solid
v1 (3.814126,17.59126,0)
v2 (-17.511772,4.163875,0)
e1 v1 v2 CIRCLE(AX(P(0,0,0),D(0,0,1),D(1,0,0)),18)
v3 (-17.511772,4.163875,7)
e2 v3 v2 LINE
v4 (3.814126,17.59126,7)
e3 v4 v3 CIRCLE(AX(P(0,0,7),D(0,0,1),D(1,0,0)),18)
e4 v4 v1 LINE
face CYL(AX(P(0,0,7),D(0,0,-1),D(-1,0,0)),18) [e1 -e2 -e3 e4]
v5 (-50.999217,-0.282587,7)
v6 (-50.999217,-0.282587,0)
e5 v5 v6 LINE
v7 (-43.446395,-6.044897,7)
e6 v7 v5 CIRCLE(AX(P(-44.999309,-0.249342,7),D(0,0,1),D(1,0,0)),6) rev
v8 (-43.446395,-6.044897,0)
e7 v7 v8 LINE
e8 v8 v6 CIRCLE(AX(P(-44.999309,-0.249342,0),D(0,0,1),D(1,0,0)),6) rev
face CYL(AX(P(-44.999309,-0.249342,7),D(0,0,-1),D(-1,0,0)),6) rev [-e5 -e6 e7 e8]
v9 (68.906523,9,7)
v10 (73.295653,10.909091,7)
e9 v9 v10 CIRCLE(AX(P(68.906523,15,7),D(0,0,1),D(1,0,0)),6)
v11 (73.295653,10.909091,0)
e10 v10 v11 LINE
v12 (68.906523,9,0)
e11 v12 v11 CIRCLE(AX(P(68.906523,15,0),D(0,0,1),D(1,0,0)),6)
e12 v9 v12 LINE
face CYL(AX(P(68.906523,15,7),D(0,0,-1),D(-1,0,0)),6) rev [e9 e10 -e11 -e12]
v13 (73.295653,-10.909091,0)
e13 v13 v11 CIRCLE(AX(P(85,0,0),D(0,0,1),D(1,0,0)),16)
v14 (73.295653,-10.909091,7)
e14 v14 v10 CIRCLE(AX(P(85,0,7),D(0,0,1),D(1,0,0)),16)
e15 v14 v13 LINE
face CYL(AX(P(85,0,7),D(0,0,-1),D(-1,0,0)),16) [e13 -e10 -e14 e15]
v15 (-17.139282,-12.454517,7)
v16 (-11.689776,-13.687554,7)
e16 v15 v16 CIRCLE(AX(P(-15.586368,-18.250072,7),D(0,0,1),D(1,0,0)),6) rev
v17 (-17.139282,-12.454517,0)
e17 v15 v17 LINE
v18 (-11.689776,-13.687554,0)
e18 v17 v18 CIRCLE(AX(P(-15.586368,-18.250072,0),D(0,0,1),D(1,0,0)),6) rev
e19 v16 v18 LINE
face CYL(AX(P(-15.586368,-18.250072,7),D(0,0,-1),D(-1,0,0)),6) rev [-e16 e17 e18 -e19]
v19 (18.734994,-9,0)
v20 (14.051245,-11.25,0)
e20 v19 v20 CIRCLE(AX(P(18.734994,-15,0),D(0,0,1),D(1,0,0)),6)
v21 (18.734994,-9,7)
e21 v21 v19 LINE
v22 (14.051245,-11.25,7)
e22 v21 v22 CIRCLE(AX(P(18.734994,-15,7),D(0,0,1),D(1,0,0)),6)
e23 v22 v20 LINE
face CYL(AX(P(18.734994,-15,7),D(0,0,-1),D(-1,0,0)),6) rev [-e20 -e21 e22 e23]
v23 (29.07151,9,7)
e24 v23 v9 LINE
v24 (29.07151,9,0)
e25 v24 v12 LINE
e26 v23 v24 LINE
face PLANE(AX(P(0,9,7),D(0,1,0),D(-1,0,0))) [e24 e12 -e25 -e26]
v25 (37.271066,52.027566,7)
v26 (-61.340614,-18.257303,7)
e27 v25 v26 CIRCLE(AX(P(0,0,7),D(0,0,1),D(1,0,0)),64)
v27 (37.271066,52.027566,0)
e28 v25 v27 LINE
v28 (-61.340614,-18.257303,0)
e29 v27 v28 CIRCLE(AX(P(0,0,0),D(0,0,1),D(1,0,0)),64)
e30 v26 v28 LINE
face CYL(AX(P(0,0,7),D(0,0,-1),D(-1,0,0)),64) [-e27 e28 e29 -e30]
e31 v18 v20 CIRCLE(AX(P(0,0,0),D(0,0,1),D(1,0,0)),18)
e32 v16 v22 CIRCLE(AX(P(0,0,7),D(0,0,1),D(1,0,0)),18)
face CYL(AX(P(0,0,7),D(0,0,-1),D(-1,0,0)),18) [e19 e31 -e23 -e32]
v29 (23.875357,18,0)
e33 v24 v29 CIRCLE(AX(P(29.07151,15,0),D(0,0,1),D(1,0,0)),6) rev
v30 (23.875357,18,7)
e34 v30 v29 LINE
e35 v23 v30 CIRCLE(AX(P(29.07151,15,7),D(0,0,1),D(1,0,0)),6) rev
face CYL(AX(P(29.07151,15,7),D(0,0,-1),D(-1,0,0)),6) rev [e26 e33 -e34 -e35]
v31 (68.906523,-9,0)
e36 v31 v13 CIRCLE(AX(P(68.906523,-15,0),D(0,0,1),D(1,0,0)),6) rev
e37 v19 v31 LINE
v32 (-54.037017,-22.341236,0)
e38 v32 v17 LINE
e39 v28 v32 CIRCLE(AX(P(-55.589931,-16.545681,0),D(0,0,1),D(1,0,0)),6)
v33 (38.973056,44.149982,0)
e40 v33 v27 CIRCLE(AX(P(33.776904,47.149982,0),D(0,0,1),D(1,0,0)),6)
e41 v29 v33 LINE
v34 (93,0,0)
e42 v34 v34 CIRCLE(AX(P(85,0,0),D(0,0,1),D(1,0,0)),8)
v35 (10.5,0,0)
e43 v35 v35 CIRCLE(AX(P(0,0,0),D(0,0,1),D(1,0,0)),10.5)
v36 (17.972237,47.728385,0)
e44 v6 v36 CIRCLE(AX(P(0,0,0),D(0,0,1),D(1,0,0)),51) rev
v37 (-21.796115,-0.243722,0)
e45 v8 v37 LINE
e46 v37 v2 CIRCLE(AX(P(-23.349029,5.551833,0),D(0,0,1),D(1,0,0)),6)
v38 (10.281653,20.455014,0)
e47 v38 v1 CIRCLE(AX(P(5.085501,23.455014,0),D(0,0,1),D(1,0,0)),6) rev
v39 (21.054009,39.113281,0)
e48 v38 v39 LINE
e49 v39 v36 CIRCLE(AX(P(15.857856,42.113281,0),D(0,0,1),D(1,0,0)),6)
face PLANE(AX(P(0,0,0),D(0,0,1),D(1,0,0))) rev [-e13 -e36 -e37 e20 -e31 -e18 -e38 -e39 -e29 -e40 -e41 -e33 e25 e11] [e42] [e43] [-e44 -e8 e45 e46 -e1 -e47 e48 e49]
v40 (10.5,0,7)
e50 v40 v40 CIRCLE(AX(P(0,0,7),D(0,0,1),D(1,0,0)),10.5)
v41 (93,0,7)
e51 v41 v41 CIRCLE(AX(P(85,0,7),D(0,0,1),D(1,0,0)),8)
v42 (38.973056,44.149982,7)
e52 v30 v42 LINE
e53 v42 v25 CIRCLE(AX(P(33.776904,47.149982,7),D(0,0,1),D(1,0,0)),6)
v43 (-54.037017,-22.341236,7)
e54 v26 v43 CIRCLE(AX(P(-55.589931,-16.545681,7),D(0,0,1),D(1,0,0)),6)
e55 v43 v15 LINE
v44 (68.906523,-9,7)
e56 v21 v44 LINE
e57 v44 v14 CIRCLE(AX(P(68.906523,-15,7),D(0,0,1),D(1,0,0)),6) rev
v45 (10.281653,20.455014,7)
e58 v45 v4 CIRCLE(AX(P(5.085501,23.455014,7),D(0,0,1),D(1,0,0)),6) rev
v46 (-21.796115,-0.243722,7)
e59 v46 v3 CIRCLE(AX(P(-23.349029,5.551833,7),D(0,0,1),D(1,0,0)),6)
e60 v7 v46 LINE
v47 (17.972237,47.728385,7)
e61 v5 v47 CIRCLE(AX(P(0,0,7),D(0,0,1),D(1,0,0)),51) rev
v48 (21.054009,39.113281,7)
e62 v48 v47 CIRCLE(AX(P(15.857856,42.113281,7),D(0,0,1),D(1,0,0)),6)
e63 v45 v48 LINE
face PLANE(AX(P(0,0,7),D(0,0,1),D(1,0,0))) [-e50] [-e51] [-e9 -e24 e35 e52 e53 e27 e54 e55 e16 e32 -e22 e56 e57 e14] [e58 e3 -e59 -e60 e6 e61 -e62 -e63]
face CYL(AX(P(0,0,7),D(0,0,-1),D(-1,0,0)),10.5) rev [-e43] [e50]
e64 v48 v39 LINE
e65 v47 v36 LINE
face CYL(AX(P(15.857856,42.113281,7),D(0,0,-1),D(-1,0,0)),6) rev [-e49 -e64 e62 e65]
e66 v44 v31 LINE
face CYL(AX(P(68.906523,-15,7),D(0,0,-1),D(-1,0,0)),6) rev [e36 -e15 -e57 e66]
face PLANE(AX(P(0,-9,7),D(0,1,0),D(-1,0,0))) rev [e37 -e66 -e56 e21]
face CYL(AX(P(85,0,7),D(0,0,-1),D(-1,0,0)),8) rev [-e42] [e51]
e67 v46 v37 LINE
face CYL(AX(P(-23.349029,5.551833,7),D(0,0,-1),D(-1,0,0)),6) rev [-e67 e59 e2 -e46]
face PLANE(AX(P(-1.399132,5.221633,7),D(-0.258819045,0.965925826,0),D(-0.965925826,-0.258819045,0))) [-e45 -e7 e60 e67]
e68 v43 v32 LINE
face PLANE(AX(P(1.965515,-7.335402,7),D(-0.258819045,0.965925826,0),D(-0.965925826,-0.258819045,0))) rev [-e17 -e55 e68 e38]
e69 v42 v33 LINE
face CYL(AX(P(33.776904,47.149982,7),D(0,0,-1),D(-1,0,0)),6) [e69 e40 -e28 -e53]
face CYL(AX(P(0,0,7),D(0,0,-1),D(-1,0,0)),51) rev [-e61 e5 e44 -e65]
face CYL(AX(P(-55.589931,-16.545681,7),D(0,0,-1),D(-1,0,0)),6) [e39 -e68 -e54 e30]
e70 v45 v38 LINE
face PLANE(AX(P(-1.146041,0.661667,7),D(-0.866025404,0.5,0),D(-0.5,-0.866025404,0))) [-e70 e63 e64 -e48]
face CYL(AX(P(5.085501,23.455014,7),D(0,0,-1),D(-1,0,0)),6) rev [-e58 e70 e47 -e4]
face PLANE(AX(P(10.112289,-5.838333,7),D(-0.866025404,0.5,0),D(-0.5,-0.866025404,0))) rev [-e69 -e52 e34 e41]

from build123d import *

# Parameters (mm, degrees)
SZKIC1_R                    = 18
SZKIC1_R_2                  = 10.5
SZKIC1_R_3                  = 16
SZKIC1_R_4                  = 8
DODANIE_WYCI_GNI_CIE1_DEPTH = 7


with BuildPart() as part:
    # Szkic1 → Dodanie-wyciągnięcie1 (new body)
    # profile 1 of 3: a face of its own
    with BuildSketch(Plane.XY):
        with BuildLine():
            Line((68.906523061, 9), (29.071509826, 9))
            ThreePointArc((29.071509826, 9), (23.875357404, 12), (23.875357404, 18))
            Line((23.875357404, 18), (38.973056312, 44.149981587))
            ThreePointArc((38.973056312, 44.149981587), (39.641584345, 48.417073987), (37.271066361, 52.027565889))
            ThreePointArc((37.271066361, 52.027565889), (-37.146015536, 52.116921722), (-61.340613737, -18.257302823))
            ThreePointArc((-61.340613737, -18.257302823), (-58.51823129, -21.782574666), (-54.037016928, -22.341235641))
            Line((-54.037016928, -22.341235641), (-17.13928203, -12.454517373))
            ThreePointArc((-17.13928203, -12.454517373), (-14.262244941, -12.398004426), (-11.68977582, -13.687554248))
            ThreePointArc((-11.68977582, -13.687554248), (-17.112889149, -5.581131156), (-17.511771596, 4.163875068))
            ThreePointArc((-17.511771596, 4.163875068), (-19.046659036, 1.369774785), (-21.796114524, -0.243721533))
            Line((-21.796114524, -0.243721533), (-43.446394932, -6.044896685))
            ThreePointArc((-43.446394932, -6.044896685), (-48.638675969, -5.019562848), (-50.999217096, -0.282587291))
            ThreePointArc((-50.999217096, -0.282587291), (-29.136896009, 41.857392309), (17.972237006, 47.728384605))
            ThreePointArc((17.972237006, 47.728384605), (21.50727904, 44.134176714), (21.054008604, 39.113280534))
            Line((21.054008604, 39.113280534), (10.281653378, 20.455013964))
            ThreePointArc((10.281653378, 20.455013964), (7.514747752, 17.968780283), (3.814125716, 17.591260473))
            ThreePointArc((3.814125716, 17.591260473), (14.011678395, 11.299241946), (18, 0))
            ThreePointArc((18, 0), (16.984145827, -5.961441984), (14.051245496, -11.25))
            ThreePointArc((14.051245496, -11.25), (16.136917784, -9.591673087), (18.734993995, -9))
            Line((18.734993995, -9), (68.906523061, -9))
            ThreePointArc((68.906523061, -9), (71.299695166, -9.497934272), (73.295653135, -10.909090909))
            ThreePointArc((73.295653135, -10.909090909), (69, 0), (73.295653135, 10.909090909))
            ThreePointArc((73.295653135, 10.909090909), (71.299695166, 9.497934272), (68.906523061, 9))
        make_face()
    # profile 2 of 3: a face of its own
    with BuildSketch(Plane.XY):
        Circle(SZKIC1_R)
        Circle(SZKIC1_R_2, mode=Mode.SUBTRACT)
    # profile 3 of 3: a face of its own
    with BuildSketch(Plane.XY):
        with Locations((85, 0)):
            Circle(SZKIC1_R_3)
        with Locations((85, 0)):
            Circle(SZKIC1_R_4, mode=Mode.SUBTRACT)
    extrude(amount=DODANIE_WYCI_GNI_CIE1_DEPTH)


solid = part.part
